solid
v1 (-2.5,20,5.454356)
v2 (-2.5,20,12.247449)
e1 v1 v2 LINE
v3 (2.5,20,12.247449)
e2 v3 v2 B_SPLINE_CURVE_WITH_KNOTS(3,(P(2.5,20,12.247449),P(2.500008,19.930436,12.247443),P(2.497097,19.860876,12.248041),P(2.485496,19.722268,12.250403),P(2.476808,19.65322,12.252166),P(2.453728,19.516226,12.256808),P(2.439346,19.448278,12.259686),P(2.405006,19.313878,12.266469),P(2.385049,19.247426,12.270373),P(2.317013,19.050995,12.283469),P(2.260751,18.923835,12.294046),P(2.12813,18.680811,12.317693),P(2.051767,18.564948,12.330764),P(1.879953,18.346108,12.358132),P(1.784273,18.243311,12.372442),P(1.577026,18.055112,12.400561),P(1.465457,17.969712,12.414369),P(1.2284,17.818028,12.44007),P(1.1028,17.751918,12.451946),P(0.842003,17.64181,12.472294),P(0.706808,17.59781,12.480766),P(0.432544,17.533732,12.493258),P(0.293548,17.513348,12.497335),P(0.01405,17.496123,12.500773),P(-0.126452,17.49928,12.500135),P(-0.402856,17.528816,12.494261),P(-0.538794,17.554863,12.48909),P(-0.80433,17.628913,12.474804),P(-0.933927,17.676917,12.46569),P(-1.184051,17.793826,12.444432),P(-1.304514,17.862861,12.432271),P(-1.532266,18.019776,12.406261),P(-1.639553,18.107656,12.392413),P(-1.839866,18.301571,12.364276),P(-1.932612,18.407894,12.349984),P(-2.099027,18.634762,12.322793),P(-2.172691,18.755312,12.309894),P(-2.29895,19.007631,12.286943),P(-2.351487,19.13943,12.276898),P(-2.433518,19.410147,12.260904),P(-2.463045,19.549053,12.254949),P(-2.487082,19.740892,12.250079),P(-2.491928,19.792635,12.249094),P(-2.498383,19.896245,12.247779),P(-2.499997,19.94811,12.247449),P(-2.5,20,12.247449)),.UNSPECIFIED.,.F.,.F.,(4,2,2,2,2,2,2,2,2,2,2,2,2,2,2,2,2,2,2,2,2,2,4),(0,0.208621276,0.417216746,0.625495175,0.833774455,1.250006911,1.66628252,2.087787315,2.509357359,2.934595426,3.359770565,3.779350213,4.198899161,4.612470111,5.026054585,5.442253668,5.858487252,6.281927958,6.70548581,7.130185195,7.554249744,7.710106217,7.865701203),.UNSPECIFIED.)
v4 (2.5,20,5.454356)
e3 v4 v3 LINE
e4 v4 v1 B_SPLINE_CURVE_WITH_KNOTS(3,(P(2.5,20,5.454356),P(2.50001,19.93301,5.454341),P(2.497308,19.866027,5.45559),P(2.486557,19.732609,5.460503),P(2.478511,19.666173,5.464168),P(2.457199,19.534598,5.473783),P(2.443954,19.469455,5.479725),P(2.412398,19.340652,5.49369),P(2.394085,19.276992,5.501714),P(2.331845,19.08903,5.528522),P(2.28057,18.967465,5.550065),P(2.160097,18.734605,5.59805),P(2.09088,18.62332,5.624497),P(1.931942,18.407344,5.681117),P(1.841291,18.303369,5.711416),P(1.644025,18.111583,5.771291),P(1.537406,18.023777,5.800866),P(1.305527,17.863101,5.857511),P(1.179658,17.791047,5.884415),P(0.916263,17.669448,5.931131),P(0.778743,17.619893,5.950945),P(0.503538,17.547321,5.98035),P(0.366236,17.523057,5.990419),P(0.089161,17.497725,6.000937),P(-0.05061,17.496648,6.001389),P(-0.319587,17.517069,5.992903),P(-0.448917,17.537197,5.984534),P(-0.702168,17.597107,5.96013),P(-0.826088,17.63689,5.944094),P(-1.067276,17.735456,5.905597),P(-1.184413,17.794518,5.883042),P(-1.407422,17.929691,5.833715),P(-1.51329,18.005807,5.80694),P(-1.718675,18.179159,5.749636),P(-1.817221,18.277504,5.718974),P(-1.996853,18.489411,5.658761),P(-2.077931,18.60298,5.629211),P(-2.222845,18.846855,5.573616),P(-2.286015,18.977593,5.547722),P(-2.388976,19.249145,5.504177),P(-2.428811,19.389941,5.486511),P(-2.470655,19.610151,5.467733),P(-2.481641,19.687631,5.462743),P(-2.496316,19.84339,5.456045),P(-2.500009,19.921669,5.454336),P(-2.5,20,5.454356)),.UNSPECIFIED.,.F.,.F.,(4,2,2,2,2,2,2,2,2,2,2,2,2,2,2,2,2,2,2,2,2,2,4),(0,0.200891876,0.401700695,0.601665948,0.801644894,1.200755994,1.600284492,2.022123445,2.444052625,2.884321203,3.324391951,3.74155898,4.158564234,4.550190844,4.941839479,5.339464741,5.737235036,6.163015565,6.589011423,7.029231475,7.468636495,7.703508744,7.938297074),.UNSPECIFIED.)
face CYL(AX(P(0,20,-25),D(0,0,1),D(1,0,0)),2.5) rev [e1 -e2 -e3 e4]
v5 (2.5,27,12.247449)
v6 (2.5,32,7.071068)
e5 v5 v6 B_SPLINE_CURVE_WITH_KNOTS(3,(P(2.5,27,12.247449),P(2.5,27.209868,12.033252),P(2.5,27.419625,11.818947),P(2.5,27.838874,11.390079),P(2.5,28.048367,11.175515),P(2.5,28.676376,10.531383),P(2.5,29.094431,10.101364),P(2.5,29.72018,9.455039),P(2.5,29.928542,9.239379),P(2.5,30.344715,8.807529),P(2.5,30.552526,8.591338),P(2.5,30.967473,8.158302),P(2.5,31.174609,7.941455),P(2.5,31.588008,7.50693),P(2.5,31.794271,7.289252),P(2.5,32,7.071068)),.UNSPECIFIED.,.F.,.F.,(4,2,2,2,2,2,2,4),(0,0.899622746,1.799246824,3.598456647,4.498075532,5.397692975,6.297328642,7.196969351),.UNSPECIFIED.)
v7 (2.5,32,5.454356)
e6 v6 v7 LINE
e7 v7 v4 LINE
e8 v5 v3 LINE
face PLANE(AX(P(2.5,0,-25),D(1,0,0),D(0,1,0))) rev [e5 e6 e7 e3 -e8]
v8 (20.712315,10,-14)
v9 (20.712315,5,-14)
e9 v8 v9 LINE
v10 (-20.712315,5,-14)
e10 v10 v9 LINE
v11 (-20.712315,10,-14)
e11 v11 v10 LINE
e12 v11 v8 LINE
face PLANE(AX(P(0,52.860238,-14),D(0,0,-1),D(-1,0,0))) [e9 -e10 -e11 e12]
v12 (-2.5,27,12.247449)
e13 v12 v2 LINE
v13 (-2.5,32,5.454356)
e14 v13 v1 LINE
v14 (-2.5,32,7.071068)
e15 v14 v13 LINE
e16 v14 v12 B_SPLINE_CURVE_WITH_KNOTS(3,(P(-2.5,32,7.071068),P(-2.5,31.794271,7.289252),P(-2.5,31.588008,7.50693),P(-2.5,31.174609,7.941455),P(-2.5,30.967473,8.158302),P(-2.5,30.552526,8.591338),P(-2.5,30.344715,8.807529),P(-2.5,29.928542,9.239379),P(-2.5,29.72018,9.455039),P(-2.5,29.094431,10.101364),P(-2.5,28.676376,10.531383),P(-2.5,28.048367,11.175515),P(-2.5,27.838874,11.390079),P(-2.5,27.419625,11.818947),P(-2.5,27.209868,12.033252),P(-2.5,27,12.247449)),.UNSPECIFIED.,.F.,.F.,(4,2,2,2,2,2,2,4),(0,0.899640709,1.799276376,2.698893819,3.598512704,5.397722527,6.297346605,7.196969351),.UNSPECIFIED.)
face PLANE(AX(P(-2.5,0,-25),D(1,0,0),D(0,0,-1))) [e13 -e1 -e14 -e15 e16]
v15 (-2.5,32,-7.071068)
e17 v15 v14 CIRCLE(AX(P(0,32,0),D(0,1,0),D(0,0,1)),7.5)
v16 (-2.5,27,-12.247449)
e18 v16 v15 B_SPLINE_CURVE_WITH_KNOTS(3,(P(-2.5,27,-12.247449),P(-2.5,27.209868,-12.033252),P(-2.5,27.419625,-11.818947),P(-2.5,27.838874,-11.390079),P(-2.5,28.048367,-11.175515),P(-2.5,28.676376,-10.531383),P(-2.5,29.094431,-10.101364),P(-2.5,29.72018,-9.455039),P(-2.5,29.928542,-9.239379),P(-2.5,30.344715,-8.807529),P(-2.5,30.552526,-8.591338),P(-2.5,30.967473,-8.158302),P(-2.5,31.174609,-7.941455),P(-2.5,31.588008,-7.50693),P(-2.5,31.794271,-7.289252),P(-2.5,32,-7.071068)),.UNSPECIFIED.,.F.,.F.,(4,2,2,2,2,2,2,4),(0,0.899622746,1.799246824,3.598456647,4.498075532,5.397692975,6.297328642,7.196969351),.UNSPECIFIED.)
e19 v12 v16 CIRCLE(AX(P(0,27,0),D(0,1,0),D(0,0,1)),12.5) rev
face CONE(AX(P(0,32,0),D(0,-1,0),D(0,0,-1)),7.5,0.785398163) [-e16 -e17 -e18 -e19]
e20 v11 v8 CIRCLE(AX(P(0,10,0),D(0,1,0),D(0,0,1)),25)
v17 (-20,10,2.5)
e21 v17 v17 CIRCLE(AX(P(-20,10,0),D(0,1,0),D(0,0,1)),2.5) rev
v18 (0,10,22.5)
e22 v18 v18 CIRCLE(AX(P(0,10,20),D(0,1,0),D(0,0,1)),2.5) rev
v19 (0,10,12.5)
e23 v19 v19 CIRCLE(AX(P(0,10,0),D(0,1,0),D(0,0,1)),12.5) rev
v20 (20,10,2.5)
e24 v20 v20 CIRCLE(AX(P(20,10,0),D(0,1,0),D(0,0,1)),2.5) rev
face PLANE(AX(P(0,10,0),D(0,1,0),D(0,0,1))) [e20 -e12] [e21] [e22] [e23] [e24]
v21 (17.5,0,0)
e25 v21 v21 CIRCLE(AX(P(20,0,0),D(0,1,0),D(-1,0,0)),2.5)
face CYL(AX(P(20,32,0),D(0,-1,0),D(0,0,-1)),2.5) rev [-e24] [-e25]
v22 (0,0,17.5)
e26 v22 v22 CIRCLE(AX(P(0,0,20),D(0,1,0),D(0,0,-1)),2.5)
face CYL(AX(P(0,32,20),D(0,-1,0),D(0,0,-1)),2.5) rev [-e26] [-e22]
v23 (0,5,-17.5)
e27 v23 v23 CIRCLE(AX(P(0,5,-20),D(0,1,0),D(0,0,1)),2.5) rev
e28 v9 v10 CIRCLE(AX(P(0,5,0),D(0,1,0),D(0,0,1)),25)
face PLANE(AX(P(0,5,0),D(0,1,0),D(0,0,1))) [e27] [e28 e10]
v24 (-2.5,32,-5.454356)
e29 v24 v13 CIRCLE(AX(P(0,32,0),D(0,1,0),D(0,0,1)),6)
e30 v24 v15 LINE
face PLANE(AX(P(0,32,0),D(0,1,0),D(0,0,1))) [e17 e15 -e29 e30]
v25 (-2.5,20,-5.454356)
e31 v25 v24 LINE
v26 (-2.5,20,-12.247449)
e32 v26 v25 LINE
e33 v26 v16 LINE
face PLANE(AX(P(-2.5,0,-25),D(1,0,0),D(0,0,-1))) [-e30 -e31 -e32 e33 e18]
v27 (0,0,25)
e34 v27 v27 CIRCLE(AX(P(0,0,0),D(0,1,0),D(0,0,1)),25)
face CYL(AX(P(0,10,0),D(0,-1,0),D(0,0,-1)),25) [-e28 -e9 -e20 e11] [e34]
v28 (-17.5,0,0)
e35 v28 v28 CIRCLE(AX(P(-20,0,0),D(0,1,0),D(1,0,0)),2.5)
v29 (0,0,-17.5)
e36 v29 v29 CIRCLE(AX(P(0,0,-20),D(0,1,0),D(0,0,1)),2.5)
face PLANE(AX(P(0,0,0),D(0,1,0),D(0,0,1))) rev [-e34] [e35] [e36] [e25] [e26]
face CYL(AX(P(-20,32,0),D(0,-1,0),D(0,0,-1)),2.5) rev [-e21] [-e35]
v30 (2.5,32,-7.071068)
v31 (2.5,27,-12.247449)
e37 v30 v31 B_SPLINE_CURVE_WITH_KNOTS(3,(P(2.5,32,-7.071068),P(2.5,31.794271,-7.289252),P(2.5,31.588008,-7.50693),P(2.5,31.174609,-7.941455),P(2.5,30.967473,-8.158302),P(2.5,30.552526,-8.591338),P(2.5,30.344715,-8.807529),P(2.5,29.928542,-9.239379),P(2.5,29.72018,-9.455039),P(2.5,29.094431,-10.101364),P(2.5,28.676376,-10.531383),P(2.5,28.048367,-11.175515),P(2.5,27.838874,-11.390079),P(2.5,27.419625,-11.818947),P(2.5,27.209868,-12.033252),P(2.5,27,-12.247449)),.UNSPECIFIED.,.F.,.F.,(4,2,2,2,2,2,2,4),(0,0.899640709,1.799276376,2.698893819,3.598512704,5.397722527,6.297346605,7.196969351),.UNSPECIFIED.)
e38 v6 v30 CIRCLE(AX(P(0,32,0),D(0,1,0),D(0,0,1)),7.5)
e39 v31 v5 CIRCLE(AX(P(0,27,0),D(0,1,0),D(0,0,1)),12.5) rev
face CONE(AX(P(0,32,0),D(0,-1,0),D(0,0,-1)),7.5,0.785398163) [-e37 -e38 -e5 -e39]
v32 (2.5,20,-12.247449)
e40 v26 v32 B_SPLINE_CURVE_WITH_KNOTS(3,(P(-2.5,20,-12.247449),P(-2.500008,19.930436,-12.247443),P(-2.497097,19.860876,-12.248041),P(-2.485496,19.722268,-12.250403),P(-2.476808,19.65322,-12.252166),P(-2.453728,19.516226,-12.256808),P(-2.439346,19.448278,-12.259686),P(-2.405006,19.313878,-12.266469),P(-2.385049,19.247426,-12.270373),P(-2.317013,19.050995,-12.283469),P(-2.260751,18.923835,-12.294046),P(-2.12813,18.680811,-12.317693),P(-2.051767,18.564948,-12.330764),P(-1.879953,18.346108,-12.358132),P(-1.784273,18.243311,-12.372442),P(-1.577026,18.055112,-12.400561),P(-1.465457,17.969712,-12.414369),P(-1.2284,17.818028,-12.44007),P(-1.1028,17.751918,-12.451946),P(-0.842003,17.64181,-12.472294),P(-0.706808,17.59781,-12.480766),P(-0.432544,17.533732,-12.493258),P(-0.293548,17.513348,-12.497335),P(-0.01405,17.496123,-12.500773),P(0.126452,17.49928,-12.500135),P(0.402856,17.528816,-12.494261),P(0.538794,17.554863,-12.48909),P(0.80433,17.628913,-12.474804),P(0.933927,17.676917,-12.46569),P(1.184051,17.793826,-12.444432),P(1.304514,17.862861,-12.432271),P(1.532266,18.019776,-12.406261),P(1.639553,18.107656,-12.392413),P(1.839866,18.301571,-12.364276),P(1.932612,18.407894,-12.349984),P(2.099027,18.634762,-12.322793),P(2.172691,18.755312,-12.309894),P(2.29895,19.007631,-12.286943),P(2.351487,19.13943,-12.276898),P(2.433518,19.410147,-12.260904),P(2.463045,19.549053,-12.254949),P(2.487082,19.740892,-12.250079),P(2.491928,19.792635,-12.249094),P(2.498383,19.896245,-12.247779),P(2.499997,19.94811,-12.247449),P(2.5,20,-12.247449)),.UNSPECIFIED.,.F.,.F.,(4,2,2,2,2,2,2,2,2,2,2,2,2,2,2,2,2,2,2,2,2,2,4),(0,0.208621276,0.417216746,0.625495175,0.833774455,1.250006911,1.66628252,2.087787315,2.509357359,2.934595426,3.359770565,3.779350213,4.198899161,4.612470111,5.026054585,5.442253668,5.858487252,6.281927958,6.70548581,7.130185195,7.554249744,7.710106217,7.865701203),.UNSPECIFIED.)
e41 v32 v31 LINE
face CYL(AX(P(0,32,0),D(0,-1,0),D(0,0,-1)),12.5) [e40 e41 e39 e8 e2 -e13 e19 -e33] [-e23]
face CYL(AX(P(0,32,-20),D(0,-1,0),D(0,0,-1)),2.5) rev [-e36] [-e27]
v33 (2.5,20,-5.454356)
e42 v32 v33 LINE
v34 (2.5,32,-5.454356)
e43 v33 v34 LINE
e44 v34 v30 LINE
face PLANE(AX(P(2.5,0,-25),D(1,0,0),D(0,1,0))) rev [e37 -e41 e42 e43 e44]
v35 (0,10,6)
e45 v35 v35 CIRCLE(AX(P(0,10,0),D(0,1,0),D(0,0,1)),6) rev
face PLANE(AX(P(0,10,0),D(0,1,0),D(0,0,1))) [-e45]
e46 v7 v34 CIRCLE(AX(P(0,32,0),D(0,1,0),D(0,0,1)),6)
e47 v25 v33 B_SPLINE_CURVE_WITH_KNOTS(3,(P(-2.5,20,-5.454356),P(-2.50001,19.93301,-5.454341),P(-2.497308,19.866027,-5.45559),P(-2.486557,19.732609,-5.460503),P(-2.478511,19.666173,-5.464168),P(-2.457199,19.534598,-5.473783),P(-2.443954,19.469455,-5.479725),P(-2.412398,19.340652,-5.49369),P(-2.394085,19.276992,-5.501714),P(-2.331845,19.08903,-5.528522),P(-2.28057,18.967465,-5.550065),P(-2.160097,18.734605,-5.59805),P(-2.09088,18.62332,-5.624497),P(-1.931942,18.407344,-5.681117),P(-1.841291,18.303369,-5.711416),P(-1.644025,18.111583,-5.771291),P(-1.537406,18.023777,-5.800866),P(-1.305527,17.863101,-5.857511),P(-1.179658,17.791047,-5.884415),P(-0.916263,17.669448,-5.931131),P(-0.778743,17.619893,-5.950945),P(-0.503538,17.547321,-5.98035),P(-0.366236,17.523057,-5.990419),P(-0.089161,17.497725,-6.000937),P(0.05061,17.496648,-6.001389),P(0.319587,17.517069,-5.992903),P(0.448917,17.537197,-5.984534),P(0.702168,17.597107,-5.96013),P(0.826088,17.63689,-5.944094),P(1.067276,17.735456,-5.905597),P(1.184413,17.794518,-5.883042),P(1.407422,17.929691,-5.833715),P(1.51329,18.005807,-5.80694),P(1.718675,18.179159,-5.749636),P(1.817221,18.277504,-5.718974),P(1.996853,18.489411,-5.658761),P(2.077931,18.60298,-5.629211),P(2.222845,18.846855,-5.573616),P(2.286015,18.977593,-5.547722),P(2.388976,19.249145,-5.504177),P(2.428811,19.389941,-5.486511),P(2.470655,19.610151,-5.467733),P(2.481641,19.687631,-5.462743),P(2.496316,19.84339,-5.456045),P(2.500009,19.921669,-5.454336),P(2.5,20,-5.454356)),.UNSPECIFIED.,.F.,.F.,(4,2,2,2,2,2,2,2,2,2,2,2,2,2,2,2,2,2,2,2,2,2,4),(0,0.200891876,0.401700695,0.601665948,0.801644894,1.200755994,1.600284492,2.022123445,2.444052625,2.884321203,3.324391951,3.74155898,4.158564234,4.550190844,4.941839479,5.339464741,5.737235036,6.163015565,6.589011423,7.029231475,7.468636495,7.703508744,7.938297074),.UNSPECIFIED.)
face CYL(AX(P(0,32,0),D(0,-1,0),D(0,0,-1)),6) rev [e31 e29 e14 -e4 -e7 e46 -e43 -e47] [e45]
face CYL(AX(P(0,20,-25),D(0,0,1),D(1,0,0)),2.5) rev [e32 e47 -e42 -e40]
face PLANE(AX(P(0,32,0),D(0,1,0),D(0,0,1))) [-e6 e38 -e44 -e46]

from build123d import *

# Parameters (mm, degrees)
SKETCH1_R               = 25
BOSS_EXTRUDE1_DEPTH     = 10
SKETCH1_3_R             = 12.5
SKETCH1_3_R_2           = 6
BOSS_EXTRUDE2_DEPTH     = 32
CUT_EXTRUDE1_START      = 5
CUT_EXTRUDE1_DEPTH      = 5
CUT_EXTRUDE2_DEPTH      = 48.68647607
CUT_EXTRUDE2_DEPTH_BACK = 48.68647607
SKETCH3_R               = 2.5
CUT_EXTRUDE3_DEPTH      = 48.686476137
CIRPATTERN1_COUNT       = 4
CHAMFER1_SIZE           = 5


with BuildPart() as part:
    # Sketch1 → Boss-Extrude1 (new body)
    with BuildSketch(Plane(origin=(0, 0, 0), x_dir=(1, 0, 0), z_dir=(0, 1, 0))):
        with Locations(Location((0, 0, 0), (0, 0, 270))):
            Circle(SKETCH1_R)
    extrude(amount=BOSS_EXTRUDE1_DEPTH)

    # Sketch1<3> → Boss-Extrude2 (add)
    with BuildSketch(Plane(origin=(0, 0, 0), x_dir=(1, 0, 0), z_dir=(0, 1, 0))):
        with Locations(Location((0, 0, 0), (0, 0, 270))):
            Circle(SKETCH1_3_R)
        with Locations(Location((0, 0, 0), (0, 0, 270))):
            Circle(SKETCH1_3_R_2, mode=Mode.SUBTRACT)
    extrude(amount=BOSS_EXTRUDE2_DEPTH)

    # Sketch1<5> → Cut-Extrude1 (cut)
    with BuildSketch(Plane(origin=(0, 0, 0), x_dir=(1, 0, 0), z_dir=(0, 1, 0)).offset(CUT_EXTRUDE1_START)):
        with BuildLine():
            ThreePointArc((20.712315177, 14), (0, 25), (-20.712315177, 14))
            Line((-20.712315177, 14), (20.712315177, 14))
        make_face()
    extrude(amount=CUT_EXTRUDE1_DEPTH, mode=Mode.SUBTRACT)

    # Sketch2 → Cut-Extrude2 (cut, two sides: drawn at the far end of the back side and taken through both)
    with BuildSketch(Plane.XY.offset(-CUT_EXTRUDE2_DEPTH_BACK)):
        with BuildLine():
            Line((0, 22.5), (0, 32))
            Line((0, 32), (-2.5, 32))
            Line((-2.5, 32), (-2.5, 20))
            ThreePointArc((-2.5, 20), (-1.767766953, 21.767766953), (0, 22.5))
        make_face()
        with BuildLine():
            Line((2.5, 32), (0, 32))
            Line((0, 32), (0, 22.5))
            ThreePointArc((0, 22.5), (1.767766953, 21.767766953), (2.5, 20))
            Line((2.5, 20), (2.5, 32))
        make_face()
        with BuildLine():
            ThreePointArc((2.5, 20), (1.767766953, 21.767766953), (0, 22.5))
            Line((0, 22.5), (0, 20))
            Line((0, 20), (2.5, 20))
        make_face()
        with BuildLine():
            Line((0, 20), (0, 22.5))
            ThreePointArc((0, 22.5), (-1.767766953, 21.767766953), (-2.5, 20))
            Line((-2.5, 20), (0, 20))
        make_face()
        with BuildLine():
            Line((2.5, 20), (0, 20))
            Line((0, 20), (0, 17.5))
            ThreePointArc((0, 17.5), (1.767766953, 18.232233047), (2.5, 20))
        make_face()
        with BuildLine():
            Line((0, 17.5), (0, 20))
            Line((0, 20), (-2.5, 20))
            ThreePointArc((-2.5, 20), (-1.767766953, 18.232233047), (0, 17.5))
        make_face()
    extrude(amount=CUT_EXTRUDE2_DEPTH + CUT_EXTRUDE2_DEPTH_BACK, mode=Mode.SUBTRACT)

    # Sketch3 → Cut-Extrude3 (cut, through all)
    with BuildSketch(Plane(origin=(0, 0, 0), x_dir=(1, 0, 0), z_dir=(0, 1, 0))):
        with Locations(Location((0, 20, 0), (0, 0, 270))):
            Circle(SKETCH3_R)
    cut_extrude3 = extrude(amount=CUT_EXTRUDE3_DEPTH, mode=Mode.SUBTRACT)

    # CirPattern1: Cut-Extrude3 ×4 about axis
    cirpattern1_axis = Axis((0, 0, 0), (0, 1, 0))
    for i in range(1, CIRPATTERN1_COUNT):
        add(cut_extrude3.rotate(cirpattern1_axis, i * 360 / CIRPATTERN1_COUNT), mode=Mode.SUBTRACT)

    # Chamfer1
    chamfer1_edges = [part.edges().sort_by_distance(p)[0] for p in [
        (-12.5, 32, 0),
        (12.5, 32, 0),
    ]]
    chamfer(chamfer1_edges, length=CHAMFER1_SIZE)


solid = part.part
